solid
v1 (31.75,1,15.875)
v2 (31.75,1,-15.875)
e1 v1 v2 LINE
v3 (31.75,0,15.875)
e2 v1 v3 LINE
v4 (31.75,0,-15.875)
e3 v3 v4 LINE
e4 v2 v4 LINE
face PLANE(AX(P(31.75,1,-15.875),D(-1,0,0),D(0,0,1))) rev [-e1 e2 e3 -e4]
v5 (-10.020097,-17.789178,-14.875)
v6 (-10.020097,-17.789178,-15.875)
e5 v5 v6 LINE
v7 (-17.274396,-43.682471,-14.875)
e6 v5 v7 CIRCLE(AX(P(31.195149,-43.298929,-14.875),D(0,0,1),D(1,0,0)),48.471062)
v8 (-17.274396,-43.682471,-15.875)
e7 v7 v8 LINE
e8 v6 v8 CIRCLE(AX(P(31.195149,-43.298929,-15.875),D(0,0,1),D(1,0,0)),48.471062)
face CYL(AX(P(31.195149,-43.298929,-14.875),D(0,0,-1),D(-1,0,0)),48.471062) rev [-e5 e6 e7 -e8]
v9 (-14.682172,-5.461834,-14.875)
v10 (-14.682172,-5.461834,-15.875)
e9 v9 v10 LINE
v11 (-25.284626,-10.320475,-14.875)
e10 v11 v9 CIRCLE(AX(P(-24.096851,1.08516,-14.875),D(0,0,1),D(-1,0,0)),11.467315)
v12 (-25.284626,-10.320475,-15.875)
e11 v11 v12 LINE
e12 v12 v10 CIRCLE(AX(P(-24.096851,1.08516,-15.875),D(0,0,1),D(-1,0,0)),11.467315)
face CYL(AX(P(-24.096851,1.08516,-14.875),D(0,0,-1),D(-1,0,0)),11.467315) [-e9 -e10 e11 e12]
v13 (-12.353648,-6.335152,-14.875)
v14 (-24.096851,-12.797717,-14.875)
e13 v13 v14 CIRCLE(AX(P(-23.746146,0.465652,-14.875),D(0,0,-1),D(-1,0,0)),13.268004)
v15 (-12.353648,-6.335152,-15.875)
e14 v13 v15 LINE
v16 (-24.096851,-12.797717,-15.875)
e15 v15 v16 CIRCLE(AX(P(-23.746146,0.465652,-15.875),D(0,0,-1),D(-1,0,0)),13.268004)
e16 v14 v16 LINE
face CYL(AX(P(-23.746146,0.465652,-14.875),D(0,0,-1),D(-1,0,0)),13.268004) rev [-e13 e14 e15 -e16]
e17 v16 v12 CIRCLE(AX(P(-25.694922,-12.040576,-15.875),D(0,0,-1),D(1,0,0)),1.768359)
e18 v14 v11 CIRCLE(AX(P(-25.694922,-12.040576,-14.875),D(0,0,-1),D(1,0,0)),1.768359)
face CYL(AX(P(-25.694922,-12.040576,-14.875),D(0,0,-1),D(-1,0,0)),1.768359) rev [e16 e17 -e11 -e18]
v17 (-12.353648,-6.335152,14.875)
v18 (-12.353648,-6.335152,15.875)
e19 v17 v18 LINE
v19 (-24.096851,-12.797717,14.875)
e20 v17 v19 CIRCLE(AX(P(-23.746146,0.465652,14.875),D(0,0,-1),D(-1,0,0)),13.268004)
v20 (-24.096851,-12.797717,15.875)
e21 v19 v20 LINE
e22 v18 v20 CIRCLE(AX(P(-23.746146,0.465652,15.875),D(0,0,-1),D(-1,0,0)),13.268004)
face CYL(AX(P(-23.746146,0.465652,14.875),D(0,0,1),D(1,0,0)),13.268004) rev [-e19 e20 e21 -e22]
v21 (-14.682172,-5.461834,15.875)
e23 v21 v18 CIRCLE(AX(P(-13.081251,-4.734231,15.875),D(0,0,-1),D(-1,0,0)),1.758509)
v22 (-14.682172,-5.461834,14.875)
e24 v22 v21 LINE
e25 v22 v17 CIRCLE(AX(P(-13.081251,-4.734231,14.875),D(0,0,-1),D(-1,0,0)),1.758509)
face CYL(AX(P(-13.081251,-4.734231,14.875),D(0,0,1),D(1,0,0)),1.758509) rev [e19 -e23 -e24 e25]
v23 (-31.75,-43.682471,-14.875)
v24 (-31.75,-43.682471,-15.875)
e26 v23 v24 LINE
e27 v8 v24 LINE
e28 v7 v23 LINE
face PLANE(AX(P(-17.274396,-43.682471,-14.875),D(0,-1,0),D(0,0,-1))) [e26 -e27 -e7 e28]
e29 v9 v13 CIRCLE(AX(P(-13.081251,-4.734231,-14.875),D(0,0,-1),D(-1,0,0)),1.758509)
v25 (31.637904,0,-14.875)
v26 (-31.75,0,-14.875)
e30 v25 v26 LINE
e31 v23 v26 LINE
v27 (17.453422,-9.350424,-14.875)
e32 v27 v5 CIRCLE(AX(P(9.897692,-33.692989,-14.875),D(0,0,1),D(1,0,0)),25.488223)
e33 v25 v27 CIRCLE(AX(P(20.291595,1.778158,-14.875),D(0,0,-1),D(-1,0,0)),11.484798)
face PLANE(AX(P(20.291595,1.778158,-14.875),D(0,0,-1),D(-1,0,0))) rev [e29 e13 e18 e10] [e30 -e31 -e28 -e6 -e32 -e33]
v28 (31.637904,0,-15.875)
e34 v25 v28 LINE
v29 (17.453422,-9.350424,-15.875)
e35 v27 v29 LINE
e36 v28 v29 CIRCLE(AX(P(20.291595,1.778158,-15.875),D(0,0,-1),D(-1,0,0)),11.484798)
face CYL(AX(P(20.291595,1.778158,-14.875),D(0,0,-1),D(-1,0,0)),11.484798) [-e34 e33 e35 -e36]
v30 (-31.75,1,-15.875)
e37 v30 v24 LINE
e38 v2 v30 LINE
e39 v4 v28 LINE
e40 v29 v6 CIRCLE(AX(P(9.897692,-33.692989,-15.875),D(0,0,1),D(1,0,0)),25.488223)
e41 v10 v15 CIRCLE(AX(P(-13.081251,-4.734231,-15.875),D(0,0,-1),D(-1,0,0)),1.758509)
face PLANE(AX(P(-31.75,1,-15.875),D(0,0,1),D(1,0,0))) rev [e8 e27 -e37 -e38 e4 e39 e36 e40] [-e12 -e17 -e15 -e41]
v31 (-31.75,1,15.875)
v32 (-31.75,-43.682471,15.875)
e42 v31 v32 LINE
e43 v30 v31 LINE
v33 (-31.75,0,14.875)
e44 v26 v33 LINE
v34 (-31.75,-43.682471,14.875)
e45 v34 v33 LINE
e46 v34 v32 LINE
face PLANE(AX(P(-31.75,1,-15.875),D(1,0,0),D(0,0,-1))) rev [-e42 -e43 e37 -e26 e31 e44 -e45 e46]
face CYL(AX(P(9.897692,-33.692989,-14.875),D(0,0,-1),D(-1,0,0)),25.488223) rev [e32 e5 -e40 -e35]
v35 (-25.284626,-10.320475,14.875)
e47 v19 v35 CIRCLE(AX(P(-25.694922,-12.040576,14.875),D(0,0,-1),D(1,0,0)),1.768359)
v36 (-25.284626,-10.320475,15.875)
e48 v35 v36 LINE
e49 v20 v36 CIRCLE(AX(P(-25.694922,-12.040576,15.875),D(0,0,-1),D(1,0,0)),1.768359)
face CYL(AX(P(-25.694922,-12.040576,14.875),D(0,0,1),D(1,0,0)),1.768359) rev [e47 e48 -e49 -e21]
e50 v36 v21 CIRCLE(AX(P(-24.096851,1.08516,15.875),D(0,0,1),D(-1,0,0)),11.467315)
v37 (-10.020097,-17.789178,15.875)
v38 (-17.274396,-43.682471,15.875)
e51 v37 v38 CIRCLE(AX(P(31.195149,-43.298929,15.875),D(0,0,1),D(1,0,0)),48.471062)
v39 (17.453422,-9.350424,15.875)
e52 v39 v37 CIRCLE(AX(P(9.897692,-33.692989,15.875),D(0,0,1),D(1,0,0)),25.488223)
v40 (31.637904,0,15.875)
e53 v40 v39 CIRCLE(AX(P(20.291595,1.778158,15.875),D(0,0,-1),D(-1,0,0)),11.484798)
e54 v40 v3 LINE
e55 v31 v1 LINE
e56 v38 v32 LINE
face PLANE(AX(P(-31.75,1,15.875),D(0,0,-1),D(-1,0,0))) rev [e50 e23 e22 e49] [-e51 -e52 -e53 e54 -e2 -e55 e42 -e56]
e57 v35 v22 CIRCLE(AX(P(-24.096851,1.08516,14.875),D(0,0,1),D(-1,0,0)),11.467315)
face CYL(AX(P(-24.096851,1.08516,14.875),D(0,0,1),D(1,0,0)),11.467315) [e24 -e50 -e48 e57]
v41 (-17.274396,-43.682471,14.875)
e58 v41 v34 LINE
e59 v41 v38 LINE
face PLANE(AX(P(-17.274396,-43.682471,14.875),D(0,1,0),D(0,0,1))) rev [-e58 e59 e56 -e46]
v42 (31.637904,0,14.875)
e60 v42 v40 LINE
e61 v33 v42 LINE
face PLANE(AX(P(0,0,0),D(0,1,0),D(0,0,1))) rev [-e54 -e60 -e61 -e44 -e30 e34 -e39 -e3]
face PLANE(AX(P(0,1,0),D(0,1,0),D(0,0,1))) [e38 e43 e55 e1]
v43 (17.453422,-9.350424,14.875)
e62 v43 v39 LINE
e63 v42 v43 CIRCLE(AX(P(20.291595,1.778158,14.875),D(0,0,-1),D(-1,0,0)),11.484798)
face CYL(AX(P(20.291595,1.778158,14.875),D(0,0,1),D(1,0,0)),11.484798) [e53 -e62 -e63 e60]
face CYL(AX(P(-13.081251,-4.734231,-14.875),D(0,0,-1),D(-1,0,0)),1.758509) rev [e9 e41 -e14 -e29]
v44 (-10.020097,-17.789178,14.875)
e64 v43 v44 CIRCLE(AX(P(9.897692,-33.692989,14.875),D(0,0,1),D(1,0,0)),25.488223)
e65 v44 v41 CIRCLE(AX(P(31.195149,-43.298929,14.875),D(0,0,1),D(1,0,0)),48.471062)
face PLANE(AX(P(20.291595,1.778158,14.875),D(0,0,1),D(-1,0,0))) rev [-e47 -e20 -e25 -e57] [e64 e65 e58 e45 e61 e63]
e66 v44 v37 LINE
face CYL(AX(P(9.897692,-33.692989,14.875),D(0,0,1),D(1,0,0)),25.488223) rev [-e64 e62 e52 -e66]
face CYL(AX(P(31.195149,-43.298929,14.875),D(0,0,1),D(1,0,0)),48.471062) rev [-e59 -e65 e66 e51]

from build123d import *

# Parameters (mm, degrees)
SKETCH1_W           = 63.5
SKETCH1_H           = 31.75
BOSS_EXTRUDE1_DEPTH = 1
BOSS_EXTRUDE2_DEPTH = 1


with BuildPart() as part:
    # Sketch1 → Boss-Extrude1 (new body)
    with BuildSketch(Plane(origin=(0, 0, 0), x_dir=(1, 0, 0), z_dir=(0, 1, 0))):
        Rectangle(SKETCH1_W, SKETCH1_H)
    extrude(amount=BOSS_EXTRUDE1_DEPTH)

    # Sketch2 → Boss-Extrude2 (add)
    with BuildSketch(Plane(origin=(0, 0, -15.875), x_dir=(-1, 0, 0), z_dir=(0, 0, -1))):
        with BuildLine():
            Line((31.75, -17.789177687), (31.75, -43.682471344))
            Line((31.75, -43.682471344), (17.274395694, -43.682471344))
            ThreePointArc((17.274395694, -43.682471344), (15.478784489, -30.222698339), (10.02009663, -17.789177687))
            ThreePointArc((10.02009663, -17.789177687), (-2.413824992, -9.328234834), (-17.453421679, -9.350424234))
            ThreePointArc((-17.453421679, -9.350424234), (-27.026572228, -7.52456476), (-31.75, 1))
            Line((-31.75, 1), (31.75, 1))
            Line((31.75, 1), (31.75, -17.789177687))
        make_face()
        with BuildLine():
            ThreePointArc((14.682172322, -5.461834054), (19.319604518, -9.339676808), (25.284625693, -10.320474532))
            ThreePointArc((25.284625693, -10.320474532), (27.289464402, -12.805118584), (24.096851126, -12.797716819))
            ThreePointArc((24.096851126, -12.797716819), (17.34915582, -11.158394953), (12.353647921, -6.335152376))
            ThreePointArc((12.353647921, -6.335152376), (12.463721653, -3.08771562), (14.682172322, -5.461834054))
        make_face(mode=Mode.SUBTRACT)
    boss_extrude2 = extrude(amount=-BOSS_EXTRUDE2_DEPTH)

    # Mirror1: Boss-Extrude2 across plane
    add(boss_extrude2.mirror(Plane.XY))


solid = part.part
